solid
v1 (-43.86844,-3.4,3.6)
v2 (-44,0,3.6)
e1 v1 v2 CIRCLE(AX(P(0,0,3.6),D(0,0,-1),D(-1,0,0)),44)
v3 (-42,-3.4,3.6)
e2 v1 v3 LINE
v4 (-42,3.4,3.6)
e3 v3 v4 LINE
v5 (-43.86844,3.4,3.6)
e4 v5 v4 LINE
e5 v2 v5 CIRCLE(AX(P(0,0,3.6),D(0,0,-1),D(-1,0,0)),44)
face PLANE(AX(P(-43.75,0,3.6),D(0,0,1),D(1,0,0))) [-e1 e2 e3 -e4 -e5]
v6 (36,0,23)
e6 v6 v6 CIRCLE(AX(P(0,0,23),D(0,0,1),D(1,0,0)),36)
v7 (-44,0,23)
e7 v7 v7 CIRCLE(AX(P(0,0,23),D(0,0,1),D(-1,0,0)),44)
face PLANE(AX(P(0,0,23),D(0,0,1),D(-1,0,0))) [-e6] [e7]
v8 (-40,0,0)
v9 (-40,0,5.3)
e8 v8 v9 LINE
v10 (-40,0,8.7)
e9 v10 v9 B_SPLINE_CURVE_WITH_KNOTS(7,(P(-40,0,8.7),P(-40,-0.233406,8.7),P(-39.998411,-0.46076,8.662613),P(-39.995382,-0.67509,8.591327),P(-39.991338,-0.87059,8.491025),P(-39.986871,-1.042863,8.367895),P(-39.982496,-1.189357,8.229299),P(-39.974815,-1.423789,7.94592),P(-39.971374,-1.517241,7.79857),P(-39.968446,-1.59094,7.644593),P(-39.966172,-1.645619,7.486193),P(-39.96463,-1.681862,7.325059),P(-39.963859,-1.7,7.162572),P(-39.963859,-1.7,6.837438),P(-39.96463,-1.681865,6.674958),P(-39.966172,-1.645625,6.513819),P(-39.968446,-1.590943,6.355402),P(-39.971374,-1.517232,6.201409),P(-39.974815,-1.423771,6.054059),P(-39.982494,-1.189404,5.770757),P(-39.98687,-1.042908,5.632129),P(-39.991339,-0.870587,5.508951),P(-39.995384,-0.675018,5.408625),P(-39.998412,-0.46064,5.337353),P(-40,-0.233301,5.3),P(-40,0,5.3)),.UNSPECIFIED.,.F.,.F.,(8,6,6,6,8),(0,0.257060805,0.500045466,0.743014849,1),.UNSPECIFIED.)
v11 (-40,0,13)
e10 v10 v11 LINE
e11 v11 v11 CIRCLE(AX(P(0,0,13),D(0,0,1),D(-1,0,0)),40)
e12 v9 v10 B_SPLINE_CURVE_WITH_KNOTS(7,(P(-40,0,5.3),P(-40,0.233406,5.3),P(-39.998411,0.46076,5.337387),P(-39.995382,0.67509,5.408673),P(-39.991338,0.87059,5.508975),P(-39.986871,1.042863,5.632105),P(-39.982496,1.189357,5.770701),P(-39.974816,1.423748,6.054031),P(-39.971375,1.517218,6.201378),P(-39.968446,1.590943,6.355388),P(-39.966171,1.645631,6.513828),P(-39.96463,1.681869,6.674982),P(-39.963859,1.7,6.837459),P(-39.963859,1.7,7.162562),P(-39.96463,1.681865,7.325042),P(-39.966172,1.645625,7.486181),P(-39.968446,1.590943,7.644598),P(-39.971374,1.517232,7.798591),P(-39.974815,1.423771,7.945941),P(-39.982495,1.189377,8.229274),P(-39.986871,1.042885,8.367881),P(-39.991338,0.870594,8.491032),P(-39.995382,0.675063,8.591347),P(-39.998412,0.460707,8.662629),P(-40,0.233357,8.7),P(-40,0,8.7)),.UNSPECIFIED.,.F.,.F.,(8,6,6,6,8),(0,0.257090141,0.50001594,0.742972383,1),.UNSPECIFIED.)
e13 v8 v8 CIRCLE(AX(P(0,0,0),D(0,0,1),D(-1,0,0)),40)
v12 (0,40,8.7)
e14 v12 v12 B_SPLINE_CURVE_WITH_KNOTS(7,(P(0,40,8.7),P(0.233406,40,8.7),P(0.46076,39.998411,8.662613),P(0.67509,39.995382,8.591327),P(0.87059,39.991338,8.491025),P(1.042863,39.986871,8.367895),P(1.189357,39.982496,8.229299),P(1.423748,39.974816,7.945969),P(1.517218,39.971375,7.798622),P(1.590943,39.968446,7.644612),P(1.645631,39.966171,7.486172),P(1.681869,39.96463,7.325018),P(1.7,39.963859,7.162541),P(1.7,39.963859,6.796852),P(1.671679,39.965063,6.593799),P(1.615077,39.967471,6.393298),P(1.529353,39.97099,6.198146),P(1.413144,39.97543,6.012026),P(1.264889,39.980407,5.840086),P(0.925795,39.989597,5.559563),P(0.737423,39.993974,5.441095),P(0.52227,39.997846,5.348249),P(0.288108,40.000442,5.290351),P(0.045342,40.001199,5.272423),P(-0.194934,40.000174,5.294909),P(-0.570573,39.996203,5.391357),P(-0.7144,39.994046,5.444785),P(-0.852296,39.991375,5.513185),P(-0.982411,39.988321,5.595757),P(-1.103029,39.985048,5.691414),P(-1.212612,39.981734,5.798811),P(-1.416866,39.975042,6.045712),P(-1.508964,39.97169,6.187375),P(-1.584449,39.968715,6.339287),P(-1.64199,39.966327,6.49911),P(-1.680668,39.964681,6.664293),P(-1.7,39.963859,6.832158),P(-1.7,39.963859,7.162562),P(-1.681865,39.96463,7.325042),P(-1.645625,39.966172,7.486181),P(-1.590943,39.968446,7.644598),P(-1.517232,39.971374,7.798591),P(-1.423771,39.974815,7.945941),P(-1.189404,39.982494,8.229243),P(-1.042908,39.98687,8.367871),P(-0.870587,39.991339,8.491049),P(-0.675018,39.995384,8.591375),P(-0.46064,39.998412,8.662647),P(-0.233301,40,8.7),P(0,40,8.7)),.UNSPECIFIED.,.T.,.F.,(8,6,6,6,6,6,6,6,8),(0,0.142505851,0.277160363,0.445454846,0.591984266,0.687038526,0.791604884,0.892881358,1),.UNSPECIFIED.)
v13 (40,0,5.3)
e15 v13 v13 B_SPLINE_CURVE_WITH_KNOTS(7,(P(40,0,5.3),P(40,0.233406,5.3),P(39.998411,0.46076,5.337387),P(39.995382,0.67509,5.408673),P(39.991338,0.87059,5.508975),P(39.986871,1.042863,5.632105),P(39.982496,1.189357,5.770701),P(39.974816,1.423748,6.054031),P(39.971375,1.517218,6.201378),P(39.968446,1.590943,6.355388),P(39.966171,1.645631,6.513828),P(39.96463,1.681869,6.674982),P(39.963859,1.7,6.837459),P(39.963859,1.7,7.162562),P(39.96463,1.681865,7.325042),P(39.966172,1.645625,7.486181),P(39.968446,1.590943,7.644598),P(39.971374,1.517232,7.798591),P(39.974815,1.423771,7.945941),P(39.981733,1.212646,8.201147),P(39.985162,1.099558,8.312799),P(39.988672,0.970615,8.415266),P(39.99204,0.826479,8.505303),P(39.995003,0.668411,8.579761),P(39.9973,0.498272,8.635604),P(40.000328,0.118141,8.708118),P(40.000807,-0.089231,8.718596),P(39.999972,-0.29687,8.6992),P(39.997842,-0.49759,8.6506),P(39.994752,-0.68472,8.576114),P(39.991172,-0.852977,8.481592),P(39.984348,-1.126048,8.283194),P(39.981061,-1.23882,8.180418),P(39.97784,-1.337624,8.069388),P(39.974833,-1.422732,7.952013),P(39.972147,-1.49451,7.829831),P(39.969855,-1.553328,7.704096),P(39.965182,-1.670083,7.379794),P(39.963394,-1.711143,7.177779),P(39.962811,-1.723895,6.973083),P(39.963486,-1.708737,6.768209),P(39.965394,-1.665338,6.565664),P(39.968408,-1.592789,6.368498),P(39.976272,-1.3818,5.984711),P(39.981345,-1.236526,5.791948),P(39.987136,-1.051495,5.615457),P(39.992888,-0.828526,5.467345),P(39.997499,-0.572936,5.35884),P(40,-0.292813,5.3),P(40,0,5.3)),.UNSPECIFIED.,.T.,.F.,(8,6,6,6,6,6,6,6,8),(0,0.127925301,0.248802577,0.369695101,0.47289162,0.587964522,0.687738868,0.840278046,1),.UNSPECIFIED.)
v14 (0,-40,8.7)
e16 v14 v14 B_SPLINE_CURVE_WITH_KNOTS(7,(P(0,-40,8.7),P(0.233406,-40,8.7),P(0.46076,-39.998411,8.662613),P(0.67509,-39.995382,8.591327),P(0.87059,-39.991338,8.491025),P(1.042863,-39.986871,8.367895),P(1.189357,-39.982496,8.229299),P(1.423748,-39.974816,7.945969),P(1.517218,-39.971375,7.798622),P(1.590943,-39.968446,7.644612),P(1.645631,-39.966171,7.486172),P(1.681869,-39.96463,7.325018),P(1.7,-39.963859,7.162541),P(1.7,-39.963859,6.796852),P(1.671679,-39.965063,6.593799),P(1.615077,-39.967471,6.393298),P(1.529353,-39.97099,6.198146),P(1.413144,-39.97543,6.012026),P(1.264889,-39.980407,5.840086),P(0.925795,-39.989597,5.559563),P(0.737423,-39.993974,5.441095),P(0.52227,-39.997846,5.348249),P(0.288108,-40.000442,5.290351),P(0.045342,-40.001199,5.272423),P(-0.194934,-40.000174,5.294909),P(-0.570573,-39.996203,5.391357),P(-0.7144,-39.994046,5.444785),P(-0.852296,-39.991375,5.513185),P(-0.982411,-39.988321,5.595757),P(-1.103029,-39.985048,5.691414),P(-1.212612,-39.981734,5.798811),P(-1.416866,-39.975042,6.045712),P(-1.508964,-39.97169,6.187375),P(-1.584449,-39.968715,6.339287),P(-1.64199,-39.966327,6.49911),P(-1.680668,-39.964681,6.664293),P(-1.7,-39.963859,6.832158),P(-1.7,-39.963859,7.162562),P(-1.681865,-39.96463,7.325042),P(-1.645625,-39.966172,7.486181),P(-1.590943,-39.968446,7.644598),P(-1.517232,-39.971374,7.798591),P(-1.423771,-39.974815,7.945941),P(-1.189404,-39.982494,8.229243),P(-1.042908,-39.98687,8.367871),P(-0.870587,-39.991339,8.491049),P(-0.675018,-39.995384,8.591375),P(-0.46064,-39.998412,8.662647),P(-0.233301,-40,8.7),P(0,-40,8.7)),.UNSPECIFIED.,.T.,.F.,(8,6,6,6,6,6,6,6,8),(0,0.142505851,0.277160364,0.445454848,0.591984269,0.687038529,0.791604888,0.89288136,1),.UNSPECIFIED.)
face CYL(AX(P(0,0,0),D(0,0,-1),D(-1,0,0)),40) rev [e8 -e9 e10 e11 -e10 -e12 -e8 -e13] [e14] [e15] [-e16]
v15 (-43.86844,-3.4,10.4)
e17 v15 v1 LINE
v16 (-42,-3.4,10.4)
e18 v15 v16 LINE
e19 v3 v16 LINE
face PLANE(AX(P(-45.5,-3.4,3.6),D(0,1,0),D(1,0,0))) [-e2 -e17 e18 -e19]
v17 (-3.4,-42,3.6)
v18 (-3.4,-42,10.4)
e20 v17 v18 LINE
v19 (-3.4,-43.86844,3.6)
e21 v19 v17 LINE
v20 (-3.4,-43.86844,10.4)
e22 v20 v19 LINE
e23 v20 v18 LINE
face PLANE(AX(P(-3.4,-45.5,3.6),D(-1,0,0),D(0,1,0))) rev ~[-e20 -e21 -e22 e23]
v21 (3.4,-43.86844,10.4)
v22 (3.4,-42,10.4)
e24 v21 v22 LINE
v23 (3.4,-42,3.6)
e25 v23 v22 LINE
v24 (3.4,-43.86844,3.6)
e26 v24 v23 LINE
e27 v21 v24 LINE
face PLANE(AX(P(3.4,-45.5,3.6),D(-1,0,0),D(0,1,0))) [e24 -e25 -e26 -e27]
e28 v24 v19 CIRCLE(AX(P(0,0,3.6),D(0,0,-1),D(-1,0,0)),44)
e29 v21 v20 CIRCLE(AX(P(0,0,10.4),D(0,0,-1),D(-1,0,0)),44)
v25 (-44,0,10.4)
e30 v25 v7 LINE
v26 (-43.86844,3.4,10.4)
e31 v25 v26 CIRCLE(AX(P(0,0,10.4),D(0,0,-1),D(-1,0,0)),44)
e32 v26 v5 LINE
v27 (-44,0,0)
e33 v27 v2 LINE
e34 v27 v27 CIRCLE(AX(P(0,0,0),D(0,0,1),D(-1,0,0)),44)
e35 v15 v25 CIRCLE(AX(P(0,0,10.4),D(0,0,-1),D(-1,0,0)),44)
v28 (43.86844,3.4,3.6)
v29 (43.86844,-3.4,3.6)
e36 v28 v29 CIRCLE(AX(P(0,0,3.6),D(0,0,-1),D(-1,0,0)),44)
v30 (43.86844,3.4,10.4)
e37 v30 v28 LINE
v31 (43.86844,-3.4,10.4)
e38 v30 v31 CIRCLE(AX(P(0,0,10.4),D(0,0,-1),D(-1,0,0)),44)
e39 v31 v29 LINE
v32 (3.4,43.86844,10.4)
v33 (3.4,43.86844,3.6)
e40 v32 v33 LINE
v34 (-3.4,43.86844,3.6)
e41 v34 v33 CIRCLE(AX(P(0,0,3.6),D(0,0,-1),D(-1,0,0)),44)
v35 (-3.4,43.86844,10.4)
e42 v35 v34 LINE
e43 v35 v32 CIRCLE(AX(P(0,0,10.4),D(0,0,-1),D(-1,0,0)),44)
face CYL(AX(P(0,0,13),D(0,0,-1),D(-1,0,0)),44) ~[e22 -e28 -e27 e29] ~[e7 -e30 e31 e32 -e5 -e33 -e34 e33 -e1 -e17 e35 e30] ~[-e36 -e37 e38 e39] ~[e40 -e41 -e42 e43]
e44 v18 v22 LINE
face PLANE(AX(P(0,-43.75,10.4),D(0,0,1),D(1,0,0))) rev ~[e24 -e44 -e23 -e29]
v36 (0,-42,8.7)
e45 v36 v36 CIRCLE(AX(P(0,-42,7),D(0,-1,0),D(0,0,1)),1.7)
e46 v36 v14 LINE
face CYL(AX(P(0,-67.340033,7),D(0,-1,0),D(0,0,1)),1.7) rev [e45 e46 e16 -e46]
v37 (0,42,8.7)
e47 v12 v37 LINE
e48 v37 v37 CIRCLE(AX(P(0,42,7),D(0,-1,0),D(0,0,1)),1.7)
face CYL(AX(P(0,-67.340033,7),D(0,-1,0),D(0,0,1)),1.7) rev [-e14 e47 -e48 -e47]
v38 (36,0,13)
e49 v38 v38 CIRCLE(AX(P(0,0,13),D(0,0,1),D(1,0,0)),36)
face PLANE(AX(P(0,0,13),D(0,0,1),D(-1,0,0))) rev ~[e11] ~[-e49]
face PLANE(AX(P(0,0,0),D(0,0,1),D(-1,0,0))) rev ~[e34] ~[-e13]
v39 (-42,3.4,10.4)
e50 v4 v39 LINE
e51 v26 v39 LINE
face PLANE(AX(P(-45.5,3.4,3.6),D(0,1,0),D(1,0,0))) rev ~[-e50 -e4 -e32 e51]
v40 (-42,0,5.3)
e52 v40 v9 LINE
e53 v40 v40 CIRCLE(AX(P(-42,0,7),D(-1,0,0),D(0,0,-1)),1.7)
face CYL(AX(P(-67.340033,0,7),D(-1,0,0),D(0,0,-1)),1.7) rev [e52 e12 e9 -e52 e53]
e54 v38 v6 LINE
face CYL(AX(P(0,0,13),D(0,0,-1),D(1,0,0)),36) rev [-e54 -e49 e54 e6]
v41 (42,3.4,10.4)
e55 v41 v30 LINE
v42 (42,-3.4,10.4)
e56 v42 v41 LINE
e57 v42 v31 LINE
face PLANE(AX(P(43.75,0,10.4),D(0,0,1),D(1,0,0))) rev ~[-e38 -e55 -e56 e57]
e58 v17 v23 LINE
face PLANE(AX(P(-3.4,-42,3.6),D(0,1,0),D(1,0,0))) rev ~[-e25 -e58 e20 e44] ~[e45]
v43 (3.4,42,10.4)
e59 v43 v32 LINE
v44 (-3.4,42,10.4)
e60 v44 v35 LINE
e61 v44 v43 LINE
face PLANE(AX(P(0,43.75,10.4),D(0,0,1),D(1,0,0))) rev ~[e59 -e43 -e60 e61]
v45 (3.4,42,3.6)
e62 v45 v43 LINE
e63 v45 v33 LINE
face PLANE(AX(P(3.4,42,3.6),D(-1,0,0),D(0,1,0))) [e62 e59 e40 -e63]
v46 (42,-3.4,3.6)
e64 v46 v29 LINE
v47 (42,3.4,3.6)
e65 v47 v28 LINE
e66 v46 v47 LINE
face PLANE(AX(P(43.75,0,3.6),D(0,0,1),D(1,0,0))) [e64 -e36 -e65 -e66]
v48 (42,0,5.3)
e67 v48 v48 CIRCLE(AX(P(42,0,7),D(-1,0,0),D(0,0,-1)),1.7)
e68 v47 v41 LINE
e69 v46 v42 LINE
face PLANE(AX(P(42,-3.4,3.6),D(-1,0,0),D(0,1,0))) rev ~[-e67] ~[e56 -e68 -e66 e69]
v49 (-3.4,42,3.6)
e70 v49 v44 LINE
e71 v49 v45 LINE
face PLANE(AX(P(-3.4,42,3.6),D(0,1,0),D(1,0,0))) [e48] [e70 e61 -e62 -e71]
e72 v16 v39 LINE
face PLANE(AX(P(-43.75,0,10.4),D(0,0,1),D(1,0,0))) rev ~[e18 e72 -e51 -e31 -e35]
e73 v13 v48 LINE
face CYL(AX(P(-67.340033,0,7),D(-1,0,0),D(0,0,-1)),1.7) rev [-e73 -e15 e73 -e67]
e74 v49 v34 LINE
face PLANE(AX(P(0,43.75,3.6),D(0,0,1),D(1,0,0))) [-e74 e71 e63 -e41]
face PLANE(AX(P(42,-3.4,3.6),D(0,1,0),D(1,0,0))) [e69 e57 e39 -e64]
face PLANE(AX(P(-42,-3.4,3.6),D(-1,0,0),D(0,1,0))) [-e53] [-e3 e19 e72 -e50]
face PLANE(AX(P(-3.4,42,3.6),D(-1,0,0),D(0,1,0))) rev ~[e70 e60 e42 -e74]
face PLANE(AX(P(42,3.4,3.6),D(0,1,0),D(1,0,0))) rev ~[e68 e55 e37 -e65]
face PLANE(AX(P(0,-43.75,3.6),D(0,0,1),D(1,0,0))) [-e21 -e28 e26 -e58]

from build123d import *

# Parameters (mm, degrees)
CROQUIS1_R                        = 44
CROQUIS1_R_2                      = 40
MANGA_DEPTH                       = 13
CROQUIS2_R                        = 44
CROQUIS2_R_2                      = 36
LABIO_DEPTH                       = 10
PASANTES_M3_RADIALES_A_DEPTH      = 67.340033162
PASANTES_M3_RADIALES_A_DEPTH_BACK = 67.340033162
CROQUIS3_R                        = 1.7
PASANTES_M3_RADIALES_B_DEPTH      = 67.340033339
PASANTES_M3_RADIALES_B_DEPTH_BACK = 67.340033339
CROQUIS4_R                        = 1.7
CROQUIS10_W                       = 3.5
CROQUIS10_H                       = 6.8
CROQUIS10_W_2                     = 6.8
CROQUIS10_H_2                     = 3.5
PLANOS_M3_TORNILLOS_DEPTH         = 6.8


with BuildPart() as part:
    # Croquis1 → Manga (new body)
    with BuildSketch(Plane.XY):
        with Locations(Location((0, 0, 0), (0, 0, 180))):
            Circle(CROQUIS1_R)
        with Locations(Location((0, 0, 0), (0, 0, 180))):
            Circle(CROQUIS1_R_2, mode=Mode.SUBTRACT)
    extrude(amount=MANGA_DEPTH)

    # Croquis2 → Labio (add)
    with BuildSketch(Plane.XY.offset(13)):
        with Locations(Location((0, 0, 0), (0, 0, 180))):
            Circle(CROQUIS2_R)
        Circle(CROQUIS2_R_2, mode=Mode.SUBTRACT)
    extrude(amount=LABIO_DEPTH)

    # Croquis3 → Pasantes_M3_radiales_A (cut, two sides: drawn at the far end of the back side and taken through both)
    with BuildSketch(Plane(origin=(0, 0, 0), x_dir=(1, 0, 0), z_dir=(0, 1, 0)).offset(-PASANTES_M3_RADIALES_A_DEPTH_BACK)):
        with Locations(Location((0, -7, 0), (0, 0, 270))):
            Circle(CROQUIS3_R)
    extrude(amount=PASANTES_M3_RADIALES_A_DEPTH + PASANTES_M3_RADIALES_A_DEPTH_BACK, mode=Mode.SUBTRACT)

    # Croquis4 → Pasantes_M3_radiales_B (cut, two sides: drawn at the far end of the back side and taken through both)
    with BuildSketch(Plane(origin=(0, 0, 0), x_dir=(0, 0, -1), z_dir=(1, 0, 0)).offset(-PASANTES_M3_RADIALES_B_DEPTH_BACK)):
        with Locations((-7, 0)):
            Circle(CROQUIS4_R)
    extrude(amount=PASANTES_M3_RADIALES_B_DEPTH + PASANTES_M3_RADIALES_B_DEPTH_BACK, mode=Mode.SUBTRACT)

    # Croquis10 → Planos_M3_tornillos (cut)
    with BuildSketch(Plane.XY.offset(3.6)):
        with Locations((43.75, 0)):
            Rectangle(CROQUIS10_W, CROQUIS10_H)
        with Locations((0, 43.75)):
            Rectangle(CROQUIS10_W_2, CROQUIS10_H_2)
        with Locations((-43.75, 0)):
            Rectangle(CROQUIS10_W, CROQUIS10_H)
        with Locations((0, -43.75)):
            Rectangle(CROQUIS10_W_2, CROQUIS10_H_2)
    extrude(amount=PLANOS_M3_TORNILLOS_DEPTH, mode=Mode.SUBTRACT)


solid = part.part
